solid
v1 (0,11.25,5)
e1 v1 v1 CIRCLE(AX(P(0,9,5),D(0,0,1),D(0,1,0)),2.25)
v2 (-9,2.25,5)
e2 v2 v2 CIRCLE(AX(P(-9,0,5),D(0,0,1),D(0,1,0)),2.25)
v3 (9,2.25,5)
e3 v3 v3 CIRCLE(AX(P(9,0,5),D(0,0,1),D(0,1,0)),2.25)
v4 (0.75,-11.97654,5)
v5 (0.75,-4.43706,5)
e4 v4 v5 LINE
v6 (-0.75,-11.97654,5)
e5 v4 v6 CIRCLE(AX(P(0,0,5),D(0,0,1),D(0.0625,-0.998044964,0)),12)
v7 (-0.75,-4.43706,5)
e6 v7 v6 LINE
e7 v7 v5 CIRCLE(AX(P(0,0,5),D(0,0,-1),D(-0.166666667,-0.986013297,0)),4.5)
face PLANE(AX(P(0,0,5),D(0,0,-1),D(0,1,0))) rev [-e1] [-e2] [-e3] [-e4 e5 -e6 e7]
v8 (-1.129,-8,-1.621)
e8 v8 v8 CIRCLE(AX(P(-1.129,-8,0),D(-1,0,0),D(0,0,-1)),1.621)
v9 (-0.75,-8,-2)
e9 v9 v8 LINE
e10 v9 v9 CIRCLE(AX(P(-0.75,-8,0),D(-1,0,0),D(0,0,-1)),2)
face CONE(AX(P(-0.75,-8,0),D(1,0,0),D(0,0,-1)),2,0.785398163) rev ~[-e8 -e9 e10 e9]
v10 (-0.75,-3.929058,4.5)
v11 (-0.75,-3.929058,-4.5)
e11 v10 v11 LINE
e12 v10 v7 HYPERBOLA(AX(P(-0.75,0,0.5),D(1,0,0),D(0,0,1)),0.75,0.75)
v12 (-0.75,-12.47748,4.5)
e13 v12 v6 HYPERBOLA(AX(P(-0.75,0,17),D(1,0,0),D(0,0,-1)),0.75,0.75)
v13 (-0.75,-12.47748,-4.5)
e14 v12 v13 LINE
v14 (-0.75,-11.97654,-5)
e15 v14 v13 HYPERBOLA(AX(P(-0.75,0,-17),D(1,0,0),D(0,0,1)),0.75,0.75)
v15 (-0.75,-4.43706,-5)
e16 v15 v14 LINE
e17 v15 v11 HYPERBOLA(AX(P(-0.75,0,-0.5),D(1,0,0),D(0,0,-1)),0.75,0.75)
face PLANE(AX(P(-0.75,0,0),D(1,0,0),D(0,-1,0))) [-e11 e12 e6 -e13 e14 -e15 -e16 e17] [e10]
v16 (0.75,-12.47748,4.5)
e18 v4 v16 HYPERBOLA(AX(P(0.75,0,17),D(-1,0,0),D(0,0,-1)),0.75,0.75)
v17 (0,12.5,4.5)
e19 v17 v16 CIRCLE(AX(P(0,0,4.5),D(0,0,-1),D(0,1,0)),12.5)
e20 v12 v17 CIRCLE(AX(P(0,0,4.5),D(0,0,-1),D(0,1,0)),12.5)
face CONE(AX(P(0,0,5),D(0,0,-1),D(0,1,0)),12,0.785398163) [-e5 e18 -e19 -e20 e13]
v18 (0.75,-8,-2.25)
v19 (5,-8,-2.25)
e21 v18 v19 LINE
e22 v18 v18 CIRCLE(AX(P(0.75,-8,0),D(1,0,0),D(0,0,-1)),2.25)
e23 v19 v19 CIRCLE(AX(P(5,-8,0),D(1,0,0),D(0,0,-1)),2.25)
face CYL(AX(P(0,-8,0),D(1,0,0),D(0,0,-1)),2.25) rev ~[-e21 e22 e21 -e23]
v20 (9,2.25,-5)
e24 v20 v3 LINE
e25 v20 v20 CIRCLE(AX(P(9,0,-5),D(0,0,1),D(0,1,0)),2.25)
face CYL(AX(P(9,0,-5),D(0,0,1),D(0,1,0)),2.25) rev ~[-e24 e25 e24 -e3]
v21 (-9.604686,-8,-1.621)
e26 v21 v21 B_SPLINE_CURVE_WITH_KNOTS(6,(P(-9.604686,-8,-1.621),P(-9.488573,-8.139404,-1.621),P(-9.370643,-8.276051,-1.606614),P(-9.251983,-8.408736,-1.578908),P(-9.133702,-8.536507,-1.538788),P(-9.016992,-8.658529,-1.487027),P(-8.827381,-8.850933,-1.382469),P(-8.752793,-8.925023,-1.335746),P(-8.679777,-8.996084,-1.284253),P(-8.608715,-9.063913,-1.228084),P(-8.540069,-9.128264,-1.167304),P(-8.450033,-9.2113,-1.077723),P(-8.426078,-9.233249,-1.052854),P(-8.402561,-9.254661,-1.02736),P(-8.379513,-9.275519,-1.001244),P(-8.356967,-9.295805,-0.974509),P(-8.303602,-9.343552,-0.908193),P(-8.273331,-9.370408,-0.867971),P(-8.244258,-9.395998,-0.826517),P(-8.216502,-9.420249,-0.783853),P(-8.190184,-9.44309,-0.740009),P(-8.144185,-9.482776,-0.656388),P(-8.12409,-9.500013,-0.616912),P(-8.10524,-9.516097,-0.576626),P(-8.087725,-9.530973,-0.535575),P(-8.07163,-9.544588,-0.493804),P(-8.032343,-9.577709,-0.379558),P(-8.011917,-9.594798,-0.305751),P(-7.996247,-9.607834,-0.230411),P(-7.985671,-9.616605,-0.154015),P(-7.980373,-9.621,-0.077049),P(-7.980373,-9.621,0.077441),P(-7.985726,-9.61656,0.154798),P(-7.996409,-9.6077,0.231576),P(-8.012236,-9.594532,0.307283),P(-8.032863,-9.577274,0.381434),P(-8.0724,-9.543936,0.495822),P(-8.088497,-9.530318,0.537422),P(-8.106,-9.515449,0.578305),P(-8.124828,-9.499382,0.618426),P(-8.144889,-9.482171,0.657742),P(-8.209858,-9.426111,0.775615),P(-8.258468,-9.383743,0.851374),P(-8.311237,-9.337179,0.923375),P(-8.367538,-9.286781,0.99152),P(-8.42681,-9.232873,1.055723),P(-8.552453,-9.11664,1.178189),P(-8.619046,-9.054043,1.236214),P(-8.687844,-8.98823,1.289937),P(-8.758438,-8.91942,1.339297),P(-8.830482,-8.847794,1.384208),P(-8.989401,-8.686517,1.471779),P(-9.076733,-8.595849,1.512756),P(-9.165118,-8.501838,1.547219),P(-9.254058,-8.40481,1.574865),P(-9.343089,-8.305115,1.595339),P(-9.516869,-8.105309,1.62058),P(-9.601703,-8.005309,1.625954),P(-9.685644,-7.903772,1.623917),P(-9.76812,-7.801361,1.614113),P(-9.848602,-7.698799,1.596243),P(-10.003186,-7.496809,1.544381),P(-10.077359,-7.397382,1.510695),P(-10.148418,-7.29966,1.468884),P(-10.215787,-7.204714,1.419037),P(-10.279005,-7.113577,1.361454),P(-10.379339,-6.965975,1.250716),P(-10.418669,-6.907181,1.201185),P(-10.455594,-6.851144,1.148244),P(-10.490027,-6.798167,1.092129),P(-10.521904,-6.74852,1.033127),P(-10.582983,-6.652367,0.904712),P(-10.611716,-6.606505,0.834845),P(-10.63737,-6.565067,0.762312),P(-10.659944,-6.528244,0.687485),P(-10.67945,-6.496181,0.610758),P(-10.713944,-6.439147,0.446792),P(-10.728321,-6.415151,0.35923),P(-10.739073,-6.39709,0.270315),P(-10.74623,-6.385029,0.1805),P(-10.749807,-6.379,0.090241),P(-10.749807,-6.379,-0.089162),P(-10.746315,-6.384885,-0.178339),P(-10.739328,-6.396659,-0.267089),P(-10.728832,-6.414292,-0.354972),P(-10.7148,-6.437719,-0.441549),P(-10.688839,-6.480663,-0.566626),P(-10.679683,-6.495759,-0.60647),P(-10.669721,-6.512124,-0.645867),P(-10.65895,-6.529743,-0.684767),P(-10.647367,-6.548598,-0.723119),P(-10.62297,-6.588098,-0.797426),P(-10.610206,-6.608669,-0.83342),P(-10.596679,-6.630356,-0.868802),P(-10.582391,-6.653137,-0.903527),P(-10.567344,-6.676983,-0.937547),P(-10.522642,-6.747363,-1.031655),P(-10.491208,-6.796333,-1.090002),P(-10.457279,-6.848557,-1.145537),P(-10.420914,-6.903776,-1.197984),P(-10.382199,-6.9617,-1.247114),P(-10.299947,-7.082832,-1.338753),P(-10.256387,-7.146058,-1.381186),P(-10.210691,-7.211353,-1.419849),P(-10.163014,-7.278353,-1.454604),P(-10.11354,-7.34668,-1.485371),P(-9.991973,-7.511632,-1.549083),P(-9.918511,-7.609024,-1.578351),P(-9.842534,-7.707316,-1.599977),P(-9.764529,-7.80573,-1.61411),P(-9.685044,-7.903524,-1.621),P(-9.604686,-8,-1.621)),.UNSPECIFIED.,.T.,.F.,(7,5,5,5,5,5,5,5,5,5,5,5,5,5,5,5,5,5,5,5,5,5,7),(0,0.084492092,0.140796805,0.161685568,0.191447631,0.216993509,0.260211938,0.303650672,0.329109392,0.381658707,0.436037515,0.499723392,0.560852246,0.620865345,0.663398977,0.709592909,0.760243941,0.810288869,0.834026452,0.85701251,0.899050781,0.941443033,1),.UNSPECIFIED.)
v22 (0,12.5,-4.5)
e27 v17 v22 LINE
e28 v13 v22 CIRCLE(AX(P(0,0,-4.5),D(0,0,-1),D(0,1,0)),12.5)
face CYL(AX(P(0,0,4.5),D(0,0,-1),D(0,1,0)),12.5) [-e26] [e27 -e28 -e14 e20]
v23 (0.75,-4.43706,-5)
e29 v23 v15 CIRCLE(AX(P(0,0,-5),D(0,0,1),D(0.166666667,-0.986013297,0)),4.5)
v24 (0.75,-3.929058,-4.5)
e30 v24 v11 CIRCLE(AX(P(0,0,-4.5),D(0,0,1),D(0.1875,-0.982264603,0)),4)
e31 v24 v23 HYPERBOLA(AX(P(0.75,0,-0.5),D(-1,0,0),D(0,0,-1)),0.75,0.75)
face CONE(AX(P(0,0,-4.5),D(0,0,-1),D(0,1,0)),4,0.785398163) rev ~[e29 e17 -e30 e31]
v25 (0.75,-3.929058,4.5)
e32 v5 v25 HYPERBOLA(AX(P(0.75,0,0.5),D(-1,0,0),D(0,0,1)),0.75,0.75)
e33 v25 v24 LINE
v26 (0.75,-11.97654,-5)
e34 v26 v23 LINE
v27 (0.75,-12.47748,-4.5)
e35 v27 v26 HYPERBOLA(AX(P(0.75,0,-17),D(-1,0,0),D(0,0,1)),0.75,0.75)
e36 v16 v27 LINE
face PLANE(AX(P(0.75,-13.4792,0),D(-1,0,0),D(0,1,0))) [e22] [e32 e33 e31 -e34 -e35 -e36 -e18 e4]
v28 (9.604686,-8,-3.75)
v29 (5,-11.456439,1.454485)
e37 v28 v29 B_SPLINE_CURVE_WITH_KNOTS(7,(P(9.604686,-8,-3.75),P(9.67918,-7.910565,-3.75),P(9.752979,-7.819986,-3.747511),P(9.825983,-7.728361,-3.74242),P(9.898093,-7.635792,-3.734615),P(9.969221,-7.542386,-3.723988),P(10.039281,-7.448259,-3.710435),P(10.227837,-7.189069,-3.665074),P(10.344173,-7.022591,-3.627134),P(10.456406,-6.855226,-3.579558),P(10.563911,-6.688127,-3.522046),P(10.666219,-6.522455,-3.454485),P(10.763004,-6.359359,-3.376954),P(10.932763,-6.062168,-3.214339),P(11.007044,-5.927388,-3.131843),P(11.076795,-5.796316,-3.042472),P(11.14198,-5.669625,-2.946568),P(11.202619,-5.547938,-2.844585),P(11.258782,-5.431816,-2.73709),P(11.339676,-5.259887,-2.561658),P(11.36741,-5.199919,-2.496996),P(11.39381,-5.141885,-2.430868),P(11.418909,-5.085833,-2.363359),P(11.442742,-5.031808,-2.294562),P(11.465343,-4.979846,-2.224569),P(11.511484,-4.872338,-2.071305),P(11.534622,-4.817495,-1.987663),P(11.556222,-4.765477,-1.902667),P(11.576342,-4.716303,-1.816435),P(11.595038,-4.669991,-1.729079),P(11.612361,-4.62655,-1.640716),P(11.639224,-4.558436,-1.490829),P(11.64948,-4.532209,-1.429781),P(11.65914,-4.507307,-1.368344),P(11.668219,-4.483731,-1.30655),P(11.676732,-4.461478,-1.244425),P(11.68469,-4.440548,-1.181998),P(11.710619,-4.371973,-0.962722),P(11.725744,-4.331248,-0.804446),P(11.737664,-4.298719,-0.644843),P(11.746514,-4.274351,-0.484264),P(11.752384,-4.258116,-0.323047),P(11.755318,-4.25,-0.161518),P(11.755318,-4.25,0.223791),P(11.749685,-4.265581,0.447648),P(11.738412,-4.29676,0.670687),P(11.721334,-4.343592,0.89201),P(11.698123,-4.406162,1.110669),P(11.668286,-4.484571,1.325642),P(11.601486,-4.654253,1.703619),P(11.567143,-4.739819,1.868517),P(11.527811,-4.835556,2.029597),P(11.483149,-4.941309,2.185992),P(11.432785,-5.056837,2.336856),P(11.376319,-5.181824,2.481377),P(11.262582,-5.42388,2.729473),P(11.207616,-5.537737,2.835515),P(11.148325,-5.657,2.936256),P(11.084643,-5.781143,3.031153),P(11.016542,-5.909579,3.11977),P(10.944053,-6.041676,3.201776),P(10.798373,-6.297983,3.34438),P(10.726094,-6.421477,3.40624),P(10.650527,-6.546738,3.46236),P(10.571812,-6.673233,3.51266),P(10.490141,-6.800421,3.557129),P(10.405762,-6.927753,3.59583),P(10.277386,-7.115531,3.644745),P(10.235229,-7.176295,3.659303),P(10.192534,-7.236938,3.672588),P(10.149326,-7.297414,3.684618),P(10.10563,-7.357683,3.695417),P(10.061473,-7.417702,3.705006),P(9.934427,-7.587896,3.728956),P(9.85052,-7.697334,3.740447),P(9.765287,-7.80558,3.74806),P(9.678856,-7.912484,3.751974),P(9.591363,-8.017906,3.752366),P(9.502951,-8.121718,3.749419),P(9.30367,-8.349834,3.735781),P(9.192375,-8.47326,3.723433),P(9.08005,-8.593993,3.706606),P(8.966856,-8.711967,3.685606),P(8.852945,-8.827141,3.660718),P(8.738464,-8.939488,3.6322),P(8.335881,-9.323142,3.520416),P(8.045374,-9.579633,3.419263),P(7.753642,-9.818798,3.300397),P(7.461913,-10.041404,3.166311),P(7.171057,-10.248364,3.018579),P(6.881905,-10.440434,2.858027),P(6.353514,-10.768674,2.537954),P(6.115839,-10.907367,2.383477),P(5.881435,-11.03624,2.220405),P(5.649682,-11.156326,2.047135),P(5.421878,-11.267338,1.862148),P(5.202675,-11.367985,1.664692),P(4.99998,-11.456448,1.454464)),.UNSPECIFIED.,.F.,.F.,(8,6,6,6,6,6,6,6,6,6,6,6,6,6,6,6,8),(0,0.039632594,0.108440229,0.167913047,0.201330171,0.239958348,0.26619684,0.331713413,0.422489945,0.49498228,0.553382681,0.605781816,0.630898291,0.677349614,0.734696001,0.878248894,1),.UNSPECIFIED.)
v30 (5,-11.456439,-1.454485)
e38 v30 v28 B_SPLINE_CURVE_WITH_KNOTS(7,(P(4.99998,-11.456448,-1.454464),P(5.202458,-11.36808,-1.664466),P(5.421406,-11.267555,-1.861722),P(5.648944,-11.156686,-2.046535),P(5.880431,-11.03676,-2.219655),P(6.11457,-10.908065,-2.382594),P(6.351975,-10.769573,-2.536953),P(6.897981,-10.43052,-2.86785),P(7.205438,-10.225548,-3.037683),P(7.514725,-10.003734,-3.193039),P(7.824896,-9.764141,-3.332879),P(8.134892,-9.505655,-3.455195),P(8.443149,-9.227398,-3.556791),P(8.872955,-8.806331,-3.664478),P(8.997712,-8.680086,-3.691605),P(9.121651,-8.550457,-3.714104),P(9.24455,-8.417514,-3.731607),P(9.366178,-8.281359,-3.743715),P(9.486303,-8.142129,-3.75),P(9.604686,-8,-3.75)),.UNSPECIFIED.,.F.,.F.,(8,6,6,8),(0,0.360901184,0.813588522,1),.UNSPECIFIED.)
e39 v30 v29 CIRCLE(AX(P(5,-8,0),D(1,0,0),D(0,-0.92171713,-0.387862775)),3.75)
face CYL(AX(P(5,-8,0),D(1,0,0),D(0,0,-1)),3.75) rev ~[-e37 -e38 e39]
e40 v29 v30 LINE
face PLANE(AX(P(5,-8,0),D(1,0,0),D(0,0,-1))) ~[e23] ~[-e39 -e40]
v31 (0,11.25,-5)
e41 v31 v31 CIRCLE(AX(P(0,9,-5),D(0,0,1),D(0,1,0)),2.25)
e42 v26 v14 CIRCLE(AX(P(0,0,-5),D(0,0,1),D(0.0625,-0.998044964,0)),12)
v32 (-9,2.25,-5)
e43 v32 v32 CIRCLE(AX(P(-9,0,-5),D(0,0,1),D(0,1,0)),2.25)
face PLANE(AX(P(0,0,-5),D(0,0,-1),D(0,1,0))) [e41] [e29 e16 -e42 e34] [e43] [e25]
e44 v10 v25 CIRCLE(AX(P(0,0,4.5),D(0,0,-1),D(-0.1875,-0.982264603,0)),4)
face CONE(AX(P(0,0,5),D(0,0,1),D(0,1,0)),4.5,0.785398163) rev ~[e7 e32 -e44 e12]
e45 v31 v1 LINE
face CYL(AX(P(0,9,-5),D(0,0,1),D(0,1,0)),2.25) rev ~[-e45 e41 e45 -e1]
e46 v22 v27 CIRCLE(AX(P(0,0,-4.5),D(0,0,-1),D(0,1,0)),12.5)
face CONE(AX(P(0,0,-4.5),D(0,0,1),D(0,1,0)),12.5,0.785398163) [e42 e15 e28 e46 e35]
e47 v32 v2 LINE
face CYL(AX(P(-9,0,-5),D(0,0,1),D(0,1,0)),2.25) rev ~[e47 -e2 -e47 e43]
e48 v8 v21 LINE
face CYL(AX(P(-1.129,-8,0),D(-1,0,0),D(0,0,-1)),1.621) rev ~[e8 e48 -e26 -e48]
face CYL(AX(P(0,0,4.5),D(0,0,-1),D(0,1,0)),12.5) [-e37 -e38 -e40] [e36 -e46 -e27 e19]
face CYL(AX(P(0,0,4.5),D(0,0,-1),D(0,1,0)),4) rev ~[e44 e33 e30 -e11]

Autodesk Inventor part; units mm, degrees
sketch "Sketch_14" plane through (0, 0, 0) normal (1, 0, 0) x (0, 1, 0)
  line L0 (0, -5) -> (0, 5)
  line L1 (0, 5) -> (12, 5)
  line L2 (12, 5) -> (12.5, 4.5)
  line L3 (12.5, 4.5) -> (12.5, -4.5)
  line L4 (12.5, -4.5) -> (12, -5)
  line L5 (12, -5) -> (0, -5)
  line L6 (0, -5) -> (0, 5)
revolve "Revolution1" add sketch "Sketch_14" angle 360 about axis through (0, 0, -5) along (0, 0, -1)
sketch "Sketch_15" plane through (0, 0, 0) normal (1, 0, 0) x (0, 1, 0)
  line L0 (0, -5) -> (0, 5)
  line L1 (0, 5) -> (4.5, 5)
  line L2 (4.5, 5) -> (4, 4.5)
  line L3 (4, 4.5) -> (4, -4.5)
  line L4 (4, -4.5) -> (4.5, -5)
  line L5 (4.5, -5) -> (0, -5)
  line L6 (0, -5) -> (0, 5)
revolve "Revolution2" cut sketch "Sketch_15" angle 360 about axis through (0, 0, -5) along (0, 0, -1)
sketch "Sketch_16" plane through (0, 0, 0) normal (0, 0, 1) x (1, 0, 0)
  arc A0 (-0.75, -13.4792) -> (0.75, -13.4792) centre (0, 0) ccw
  line L0 (0.75, -13.4792) -> (0.75, 0)
  line L1 (0.75, 0) -> (-0.75, 0)
  line L2 (-0.75, 0) -> (-0.75, -13.4792)
extrude "Extrusion1" cut sketch "Sketch_16" along normal mid plane 10
sketch "Sketch4" plane through (0, 0, -5) normal (0, 0, -1) x (-1, 0, 0)
  point P0 (-9, 0)
hole "Hole1" at (9, 0, -5) direction (0, 0, 1) diameter 4.5 depth 10
sketch "Sketch5" plane through (0, 0, -5) normal (0, 0, -1) x (-1, 0, 0)
  point P0 (9, 0)
hole "Hole2" at (-9, 0, -5) direction (0, 0, 1) diameter 4.5 depth 10
sketch "Sketch6" plane through (0, 0, -5) normal (0, 0, -1) x (-1, 0, 0)
  point P0 (0, 9)
hole "Hole3" at (0, 9, -5) direction (0, 0, 1) diameter 4.5 depth 10
sketch "Sketch_23" plane through (0, -8, 0) normal (0, 1, 0) x (1, 0, 0)
  line L0 (12.5, 0) -> (0, 0)
  line L1 (0, 0) -> (0, 2.25)
  line L2 (0, 2.25) -> (5, 2.25)
  line L3 (5, 2.25) -> (5, 3.75)
  line L4 (5, 3.75) -> (12.5, 3.75)
  line L5 (12.5, 3.75) -> (12.5, 0)
  line L6 (12.5, 0) -> (0, 0)
revolve "Revolution3" cut sketch "Sketch_23" angle 360 about axis through (12.5, -8, 0) along (1, 0, 0)
sketch "Sketch8" plane through (-0.75, -11.9765, 5) normal (1, 0, 0) x (0, 0, -1)
  point P0 (5, 3.9765)
hole "Hole4" at (-0.75, -8, 0) direction (-1, 0, 0) diameter 3.242 depth 10.2159 countersink diameter 4 countersink angle 90 thread size "M4x0.7" class "6H" standard "ISO Metric profile"
ref_plane "to_bolt_XY" through (5, -8, 0) normal (1, 0, 0) x (0, 0, -1)
ref_plane "to_bolt_YZ" through (5, -8, 0) normal (0, 0, -1) x (0, 1, 0)
ref_plane "to_bolt_ZX" through (5, -8, 0) normal (0, 1, 0) x (1, 0, 0)
properties part number "SCST8-10b"
